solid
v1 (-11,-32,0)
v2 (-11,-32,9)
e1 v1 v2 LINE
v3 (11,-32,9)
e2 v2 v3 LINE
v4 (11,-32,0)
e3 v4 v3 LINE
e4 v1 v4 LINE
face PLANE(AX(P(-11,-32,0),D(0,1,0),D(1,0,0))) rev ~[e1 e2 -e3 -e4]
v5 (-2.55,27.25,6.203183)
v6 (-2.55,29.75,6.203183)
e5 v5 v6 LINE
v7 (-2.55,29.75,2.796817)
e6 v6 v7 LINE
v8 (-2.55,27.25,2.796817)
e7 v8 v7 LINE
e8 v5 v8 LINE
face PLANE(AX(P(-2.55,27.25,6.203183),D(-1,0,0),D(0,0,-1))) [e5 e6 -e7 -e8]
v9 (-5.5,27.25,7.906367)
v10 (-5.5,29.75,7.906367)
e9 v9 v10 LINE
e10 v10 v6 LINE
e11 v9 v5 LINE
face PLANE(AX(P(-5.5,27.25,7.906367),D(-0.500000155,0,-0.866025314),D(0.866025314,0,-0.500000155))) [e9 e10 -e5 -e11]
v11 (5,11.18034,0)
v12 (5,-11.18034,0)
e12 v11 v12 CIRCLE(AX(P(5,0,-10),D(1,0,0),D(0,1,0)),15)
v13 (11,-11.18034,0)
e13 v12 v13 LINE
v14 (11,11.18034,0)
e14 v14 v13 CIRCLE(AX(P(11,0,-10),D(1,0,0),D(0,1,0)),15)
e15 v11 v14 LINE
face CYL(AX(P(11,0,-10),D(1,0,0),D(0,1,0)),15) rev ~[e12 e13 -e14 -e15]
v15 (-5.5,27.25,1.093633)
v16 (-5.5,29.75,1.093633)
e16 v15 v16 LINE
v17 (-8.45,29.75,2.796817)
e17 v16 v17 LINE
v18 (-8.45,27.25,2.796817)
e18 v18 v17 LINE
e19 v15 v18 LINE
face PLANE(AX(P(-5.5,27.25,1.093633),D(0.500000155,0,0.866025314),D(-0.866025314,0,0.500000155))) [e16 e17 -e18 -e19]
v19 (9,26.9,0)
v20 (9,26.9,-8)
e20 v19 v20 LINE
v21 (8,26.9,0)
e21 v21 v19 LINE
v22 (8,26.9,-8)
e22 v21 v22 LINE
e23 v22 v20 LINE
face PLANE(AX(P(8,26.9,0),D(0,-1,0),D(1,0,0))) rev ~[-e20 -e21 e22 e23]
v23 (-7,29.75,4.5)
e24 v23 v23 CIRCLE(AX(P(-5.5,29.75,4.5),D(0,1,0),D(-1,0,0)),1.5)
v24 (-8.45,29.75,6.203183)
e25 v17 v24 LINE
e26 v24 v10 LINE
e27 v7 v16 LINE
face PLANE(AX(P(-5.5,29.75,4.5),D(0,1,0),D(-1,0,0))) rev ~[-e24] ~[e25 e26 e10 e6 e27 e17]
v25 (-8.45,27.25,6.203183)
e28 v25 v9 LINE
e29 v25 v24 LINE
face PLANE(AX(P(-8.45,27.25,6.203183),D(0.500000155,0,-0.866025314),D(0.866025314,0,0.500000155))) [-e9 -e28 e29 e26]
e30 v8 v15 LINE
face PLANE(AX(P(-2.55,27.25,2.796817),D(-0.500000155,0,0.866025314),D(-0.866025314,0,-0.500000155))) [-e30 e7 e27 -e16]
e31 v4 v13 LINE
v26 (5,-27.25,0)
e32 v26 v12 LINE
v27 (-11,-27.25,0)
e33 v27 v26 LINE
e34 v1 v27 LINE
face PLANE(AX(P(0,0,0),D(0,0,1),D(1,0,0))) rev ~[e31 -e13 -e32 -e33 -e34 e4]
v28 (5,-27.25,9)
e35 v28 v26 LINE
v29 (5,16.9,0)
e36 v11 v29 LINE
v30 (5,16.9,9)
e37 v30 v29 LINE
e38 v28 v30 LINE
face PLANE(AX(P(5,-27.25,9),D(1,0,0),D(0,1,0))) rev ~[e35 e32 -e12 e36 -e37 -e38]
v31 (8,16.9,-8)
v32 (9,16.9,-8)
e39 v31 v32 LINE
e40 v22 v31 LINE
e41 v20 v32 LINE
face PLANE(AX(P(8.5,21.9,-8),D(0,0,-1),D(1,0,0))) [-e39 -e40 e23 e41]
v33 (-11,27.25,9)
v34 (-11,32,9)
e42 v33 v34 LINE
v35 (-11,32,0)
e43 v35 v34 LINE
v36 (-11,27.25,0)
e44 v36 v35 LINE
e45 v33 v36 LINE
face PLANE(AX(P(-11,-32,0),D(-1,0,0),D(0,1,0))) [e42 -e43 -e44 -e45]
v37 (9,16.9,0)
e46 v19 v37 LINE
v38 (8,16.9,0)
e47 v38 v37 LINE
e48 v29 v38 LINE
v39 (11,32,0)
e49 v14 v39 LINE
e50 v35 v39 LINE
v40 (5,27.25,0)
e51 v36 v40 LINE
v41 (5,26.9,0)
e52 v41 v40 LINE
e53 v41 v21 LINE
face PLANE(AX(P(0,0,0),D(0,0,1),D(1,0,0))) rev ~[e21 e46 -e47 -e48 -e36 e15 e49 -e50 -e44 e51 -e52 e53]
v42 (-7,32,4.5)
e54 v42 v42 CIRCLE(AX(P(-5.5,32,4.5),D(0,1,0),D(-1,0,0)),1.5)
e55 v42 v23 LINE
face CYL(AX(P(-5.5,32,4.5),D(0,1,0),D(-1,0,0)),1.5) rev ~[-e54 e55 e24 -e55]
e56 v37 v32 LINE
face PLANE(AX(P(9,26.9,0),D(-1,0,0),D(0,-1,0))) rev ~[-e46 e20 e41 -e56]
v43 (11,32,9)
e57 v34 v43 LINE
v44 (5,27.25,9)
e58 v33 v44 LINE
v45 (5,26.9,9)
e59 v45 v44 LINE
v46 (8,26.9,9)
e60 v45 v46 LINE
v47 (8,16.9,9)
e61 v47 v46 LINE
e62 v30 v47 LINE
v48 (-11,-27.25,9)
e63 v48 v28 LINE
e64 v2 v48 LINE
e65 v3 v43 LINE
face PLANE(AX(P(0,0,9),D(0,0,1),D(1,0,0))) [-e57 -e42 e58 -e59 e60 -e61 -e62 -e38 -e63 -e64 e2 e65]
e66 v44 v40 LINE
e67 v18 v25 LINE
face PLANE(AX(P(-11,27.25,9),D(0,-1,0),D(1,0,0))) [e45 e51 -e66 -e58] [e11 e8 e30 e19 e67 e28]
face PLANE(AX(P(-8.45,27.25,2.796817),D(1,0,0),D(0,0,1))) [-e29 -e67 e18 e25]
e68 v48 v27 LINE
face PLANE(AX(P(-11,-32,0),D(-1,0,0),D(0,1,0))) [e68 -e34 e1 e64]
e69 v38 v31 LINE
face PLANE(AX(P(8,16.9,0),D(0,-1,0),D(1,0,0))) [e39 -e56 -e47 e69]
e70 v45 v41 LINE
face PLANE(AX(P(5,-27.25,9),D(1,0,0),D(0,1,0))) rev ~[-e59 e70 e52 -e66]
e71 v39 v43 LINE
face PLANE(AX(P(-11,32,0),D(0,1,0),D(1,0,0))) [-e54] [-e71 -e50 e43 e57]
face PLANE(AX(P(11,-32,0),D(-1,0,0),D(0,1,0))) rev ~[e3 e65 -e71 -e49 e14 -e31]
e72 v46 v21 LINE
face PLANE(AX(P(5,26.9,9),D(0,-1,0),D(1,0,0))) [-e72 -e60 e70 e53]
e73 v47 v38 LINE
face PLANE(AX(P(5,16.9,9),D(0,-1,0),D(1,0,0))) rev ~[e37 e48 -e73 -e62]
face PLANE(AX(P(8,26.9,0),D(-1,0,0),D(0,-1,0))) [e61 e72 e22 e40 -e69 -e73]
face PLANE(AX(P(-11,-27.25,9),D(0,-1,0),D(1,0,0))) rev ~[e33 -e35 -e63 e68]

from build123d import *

# Parameters (mm, degrees)
SKETCH_W        = 22
SKETCH_H        = 64
PAD_DEPTH       = 9
SKETCH001_W     = 16
SKETCH001_H     = 54.5
POCKET_DEPTH    = 9.001
SKETCH004_W     = 3
SKETCH004_H     = 10
POCKET001_DEPTH = 9.001
SKETCH003_R     = 15
POCKET002_DEPTH = 22.001
SKETCH006_R     = 1.5
POCKET003_DEPTH = 4.75
POCKET004_DEPTH = 2.5
SKETCH007_W     = 1
SKETCH007_H     = 10
PAD001_DEPTH    = 8


with BuildPart() as part:
    # Sketch → Pad (new body)
    with BuildSketch(Plane.XY):
        Rectangle(SKETCH_W, SKETCH_H)
    extrude(amount=PAD_DEPTH)

    # Sketch001 → Pocket (cut, through all)
    with BuildSketch(Plane.XY.offset(9)):
        with Locations((-3, 0)):
            Rectangle(SKETCH001_W, SKETCH001_H)
    extrude(amount=-POCKET_DEPTH, mode=Mode.SUBTRACT)

    # Sketch004 → Pocket001 (cut, through all)
    with BuildSketch(Plane.XY.offset(9)):
        with Locations((6.5, 21.9)):
            Rectangle(SKETCH004_W, SKETCH004_H)
    extrude(amount=-POCKET001_DEPTH, mode=Mode.SUBTRACT)

    # Sketch003 → Pocket002 (cut, through all)
    with BuildSketch(Plane.YZ.offset(11)):
        with Locations((0, -10)):
            Circle(SKETCH003_R)
    extrude(amount=-POCKET002_DEPTH, mode=Mode.SUBTRACT)

    # Sketch006 → Pocket003 (cut)
    with BuildSketch(Plane(origin=(0, 32, 0), x_dir=(-1, 0, 0), z_dir=(0, 1, 0))):
        with Locations((5.5, 4.5)):
            Circle(SKETCH006_R)
    extrude(amount=-POCKET003_DEPTH, mode=Mode.SUBTRACT)

    # Sketch008 → Pocket004 (cut)
    with BuildSketch(Plane.XZ.offset(-27.25)):
        Polygon((-8.45, 6.203183), (-5.5, 7.906367), (-2.55, 6.203183), (-2.55, 2.796817), (-5.5, 1.093633), (-8.45, 2.796817), align=None)
    extrude(amount=-POCKET004_DEPTH, mode=Mode.SUBTRACT)

    # Sketch007 → Pad001 (new body)
    with BuildSketch(Plane(origin=(0, 0, 0), x_dir=(1, 0, 0), z_dir=(0, 0, -1))):
        with Locations((8.5, -21.9)):
            Rectangle(SKETCH007_W, SKETCH007_H)
    extrude(amount=PAD001_DEPTH)


solid = part.part
